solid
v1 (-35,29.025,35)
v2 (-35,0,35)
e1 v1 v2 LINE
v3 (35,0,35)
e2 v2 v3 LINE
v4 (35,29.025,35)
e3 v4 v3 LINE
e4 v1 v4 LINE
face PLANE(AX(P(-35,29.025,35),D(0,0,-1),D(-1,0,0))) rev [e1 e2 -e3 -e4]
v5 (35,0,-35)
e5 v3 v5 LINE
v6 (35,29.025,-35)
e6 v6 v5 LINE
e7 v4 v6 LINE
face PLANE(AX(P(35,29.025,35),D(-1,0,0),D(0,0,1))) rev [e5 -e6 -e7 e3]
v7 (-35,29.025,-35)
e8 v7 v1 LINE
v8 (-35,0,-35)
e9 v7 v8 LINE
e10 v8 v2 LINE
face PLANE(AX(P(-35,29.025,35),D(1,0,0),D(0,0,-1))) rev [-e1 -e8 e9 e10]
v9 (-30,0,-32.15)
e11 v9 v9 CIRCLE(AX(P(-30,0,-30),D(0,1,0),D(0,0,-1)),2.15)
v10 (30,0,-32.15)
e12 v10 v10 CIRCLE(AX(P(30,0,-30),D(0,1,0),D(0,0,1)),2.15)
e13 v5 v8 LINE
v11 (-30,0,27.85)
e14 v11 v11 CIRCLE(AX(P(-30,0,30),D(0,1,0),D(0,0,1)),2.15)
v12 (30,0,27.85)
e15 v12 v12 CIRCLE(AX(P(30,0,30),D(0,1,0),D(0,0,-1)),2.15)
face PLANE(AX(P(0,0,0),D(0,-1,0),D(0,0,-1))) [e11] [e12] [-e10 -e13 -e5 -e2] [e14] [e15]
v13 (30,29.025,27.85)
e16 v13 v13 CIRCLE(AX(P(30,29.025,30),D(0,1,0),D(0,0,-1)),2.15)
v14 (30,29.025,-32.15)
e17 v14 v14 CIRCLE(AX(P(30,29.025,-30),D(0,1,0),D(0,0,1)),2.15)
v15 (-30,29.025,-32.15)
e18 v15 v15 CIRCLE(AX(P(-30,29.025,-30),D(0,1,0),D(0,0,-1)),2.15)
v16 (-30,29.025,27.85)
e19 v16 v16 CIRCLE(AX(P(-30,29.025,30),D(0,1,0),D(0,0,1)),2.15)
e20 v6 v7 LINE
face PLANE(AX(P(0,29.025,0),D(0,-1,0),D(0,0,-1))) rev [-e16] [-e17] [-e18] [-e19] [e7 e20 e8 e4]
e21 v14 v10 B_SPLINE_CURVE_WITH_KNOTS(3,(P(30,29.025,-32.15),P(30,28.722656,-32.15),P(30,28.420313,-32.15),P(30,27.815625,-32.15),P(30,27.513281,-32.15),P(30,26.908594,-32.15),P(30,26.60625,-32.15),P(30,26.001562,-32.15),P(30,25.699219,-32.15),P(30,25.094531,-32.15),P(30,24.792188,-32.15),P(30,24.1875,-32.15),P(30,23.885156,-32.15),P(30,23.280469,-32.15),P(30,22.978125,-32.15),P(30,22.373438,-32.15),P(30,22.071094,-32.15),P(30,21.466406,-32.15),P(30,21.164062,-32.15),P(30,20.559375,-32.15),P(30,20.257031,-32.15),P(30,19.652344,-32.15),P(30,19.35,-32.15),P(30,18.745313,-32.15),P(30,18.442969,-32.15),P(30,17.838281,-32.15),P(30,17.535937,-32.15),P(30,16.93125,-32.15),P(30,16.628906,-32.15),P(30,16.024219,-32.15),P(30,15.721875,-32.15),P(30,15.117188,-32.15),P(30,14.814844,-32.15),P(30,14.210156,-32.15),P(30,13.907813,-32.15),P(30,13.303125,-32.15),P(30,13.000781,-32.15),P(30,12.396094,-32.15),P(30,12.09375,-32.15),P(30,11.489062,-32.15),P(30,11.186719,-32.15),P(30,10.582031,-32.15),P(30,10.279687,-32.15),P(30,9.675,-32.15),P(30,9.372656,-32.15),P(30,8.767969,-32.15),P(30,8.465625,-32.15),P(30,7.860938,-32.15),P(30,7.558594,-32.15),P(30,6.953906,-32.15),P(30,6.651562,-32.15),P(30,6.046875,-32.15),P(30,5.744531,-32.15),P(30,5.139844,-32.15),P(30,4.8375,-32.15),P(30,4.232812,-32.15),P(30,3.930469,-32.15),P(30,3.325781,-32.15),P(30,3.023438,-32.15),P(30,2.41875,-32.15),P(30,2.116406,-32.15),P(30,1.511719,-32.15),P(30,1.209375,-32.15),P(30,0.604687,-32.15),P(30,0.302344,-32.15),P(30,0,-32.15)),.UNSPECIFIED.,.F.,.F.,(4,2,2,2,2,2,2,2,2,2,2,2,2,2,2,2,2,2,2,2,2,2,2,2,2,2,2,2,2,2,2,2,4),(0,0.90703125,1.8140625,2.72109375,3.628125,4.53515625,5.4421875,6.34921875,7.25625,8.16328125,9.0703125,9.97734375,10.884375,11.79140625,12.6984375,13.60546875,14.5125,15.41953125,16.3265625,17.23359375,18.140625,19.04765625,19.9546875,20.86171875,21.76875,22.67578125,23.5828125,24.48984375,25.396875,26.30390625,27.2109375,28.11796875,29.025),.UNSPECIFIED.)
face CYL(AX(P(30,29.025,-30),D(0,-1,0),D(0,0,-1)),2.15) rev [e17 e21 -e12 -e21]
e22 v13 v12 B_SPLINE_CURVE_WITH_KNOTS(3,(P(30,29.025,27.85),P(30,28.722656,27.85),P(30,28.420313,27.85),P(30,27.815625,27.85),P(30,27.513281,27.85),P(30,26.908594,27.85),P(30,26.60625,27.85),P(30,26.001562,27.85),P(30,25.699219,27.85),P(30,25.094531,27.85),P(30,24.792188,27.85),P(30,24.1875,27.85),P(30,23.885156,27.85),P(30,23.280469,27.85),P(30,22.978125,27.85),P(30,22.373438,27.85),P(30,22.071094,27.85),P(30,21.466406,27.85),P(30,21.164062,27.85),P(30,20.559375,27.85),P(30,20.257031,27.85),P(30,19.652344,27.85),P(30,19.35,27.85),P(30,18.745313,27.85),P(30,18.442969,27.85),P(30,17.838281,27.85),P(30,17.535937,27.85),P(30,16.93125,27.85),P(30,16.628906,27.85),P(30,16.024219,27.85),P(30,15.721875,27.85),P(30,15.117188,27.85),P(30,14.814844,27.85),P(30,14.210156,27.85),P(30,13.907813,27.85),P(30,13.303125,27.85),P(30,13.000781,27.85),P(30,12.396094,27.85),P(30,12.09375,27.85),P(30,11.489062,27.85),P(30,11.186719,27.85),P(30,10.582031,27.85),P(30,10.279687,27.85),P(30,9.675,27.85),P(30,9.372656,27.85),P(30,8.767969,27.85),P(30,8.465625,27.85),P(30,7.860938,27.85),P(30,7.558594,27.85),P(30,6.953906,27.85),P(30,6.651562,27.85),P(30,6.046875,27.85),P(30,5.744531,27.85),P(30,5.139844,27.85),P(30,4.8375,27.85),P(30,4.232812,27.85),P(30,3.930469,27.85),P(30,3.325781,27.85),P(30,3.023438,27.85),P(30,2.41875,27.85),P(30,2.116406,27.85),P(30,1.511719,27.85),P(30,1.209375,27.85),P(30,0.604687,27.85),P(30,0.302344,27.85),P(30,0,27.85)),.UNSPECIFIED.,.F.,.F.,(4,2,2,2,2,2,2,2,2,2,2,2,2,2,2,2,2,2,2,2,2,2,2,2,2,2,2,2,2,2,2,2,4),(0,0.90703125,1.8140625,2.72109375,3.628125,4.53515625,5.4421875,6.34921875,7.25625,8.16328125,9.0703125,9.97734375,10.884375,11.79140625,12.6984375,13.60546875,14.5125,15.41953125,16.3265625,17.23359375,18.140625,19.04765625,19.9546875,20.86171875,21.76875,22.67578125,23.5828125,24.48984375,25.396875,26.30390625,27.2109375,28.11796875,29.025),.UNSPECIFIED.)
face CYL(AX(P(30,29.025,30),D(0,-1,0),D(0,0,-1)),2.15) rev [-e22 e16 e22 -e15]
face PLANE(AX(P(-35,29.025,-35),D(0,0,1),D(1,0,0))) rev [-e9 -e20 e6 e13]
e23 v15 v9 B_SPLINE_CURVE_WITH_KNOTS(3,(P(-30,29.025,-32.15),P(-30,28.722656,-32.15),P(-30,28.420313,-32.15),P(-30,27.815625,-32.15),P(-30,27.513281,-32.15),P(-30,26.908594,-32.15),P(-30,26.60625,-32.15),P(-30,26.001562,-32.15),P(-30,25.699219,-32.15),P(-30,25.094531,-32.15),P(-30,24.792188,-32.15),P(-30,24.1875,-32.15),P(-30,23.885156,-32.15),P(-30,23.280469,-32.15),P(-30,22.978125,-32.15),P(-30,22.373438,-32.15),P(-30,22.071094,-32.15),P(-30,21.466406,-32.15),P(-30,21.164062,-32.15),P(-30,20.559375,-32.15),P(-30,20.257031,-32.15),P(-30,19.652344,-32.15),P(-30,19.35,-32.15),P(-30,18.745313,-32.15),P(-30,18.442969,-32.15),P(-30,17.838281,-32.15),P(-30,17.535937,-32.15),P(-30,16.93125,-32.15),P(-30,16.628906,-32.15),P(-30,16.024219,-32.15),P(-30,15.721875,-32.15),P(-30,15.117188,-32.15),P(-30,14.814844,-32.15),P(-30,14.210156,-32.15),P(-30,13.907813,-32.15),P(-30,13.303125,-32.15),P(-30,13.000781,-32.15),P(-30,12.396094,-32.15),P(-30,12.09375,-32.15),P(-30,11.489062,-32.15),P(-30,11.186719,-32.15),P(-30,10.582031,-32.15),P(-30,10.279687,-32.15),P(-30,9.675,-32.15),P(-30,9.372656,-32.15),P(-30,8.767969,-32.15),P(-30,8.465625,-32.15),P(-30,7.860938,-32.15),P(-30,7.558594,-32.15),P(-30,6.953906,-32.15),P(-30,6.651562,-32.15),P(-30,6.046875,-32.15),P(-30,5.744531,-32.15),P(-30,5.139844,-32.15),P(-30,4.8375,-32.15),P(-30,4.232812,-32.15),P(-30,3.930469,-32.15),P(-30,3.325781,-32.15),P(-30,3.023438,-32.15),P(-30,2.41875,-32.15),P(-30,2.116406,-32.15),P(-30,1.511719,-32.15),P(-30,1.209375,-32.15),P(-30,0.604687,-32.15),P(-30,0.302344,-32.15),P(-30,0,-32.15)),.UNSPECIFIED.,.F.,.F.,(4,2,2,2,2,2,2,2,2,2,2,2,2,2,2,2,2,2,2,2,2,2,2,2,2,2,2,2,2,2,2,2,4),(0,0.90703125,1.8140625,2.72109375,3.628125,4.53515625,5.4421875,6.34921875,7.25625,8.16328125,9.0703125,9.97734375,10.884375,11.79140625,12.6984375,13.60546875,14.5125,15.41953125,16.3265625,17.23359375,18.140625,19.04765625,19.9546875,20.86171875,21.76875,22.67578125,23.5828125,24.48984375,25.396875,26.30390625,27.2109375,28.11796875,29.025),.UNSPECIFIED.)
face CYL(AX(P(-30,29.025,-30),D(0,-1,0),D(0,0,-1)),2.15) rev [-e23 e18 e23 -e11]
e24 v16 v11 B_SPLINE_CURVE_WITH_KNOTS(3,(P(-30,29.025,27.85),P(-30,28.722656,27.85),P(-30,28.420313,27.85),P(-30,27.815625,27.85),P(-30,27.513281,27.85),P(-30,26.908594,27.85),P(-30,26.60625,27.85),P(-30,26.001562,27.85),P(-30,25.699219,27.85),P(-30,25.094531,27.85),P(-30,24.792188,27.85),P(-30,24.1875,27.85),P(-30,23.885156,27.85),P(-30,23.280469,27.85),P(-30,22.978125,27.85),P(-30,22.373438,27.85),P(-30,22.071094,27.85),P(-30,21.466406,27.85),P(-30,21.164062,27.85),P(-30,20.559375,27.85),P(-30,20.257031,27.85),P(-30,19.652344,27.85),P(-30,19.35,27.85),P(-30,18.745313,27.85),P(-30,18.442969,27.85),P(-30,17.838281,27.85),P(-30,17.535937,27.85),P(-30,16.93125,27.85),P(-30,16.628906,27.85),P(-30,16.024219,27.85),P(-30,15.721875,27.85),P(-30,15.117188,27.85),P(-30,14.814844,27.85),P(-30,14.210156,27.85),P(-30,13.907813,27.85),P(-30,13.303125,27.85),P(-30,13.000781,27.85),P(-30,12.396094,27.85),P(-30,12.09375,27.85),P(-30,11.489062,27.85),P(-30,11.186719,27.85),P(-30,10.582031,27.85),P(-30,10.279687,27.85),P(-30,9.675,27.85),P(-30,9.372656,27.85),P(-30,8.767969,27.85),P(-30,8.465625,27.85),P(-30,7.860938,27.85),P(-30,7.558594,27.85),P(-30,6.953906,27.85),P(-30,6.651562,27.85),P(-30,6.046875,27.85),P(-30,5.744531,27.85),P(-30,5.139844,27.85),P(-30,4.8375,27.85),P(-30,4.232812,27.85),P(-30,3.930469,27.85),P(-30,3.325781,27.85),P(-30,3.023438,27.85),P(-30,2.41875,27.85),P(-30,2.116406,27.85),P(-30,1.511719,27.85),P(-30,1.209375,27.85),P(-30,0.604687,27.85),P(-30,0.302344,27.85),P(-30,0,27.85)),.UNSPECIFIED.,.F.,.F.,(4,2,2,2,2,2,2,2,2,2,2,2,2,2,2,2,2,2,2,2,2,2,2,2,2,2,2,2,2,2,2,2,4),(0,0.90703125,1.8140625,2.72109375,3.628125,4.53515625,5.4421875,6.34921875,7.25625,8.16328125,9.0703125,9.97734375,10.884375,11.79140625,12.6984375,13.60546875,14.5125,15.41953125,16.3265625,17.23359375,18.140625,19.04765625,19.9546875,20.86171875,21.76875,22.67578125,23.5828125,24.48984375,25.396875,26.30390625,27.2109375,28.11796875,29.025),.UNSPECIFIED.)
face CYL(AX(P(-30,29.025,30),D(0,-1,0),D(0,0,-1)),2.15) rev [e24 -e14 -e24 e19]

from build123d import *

# Parameters (mm, degrees)
SKETCH1_W           = 70
SKETCH1_H           = 70
SKETCH1_R           = 2.15
BOSS_EXTRUDE1_DEPTH = 29.025


with BuildPart() as part:
    # Sketch1 → Boss-Extrude1 (new body)
    with BuildSketch(Plane(origin=(0, 0, 0), x_dir=(1, 0, 0), z_dir=(0, 1, 0))):
        Rectangle(SKETCH1_W, SKETCH1_H)
        with Locations(Location((30, 30, 0), (0, 0, 90))):
            Circle(SKETCH1_R, mode=Mode.SUBTRACT)
        with Locations(Location((-30, 30, 0), (0, 0, 90))):
            Circle(SKETCH1_R, mode=Mode.SUBTRACT)
        with Locations(Location((-30, -30, 0), (0, 0, 90))):
            Circle(SKETCH1_R, mode=Mode.SUBTRACT)
        with Locations(Location((30, -30, 0), (0, 0, 90))):
            Circle(SKETCH1_R, mode=Mode.SUBTRACT)
    extrude(amount=BOSS_EXTRUDE1_DEPTH)


solid = part.part
